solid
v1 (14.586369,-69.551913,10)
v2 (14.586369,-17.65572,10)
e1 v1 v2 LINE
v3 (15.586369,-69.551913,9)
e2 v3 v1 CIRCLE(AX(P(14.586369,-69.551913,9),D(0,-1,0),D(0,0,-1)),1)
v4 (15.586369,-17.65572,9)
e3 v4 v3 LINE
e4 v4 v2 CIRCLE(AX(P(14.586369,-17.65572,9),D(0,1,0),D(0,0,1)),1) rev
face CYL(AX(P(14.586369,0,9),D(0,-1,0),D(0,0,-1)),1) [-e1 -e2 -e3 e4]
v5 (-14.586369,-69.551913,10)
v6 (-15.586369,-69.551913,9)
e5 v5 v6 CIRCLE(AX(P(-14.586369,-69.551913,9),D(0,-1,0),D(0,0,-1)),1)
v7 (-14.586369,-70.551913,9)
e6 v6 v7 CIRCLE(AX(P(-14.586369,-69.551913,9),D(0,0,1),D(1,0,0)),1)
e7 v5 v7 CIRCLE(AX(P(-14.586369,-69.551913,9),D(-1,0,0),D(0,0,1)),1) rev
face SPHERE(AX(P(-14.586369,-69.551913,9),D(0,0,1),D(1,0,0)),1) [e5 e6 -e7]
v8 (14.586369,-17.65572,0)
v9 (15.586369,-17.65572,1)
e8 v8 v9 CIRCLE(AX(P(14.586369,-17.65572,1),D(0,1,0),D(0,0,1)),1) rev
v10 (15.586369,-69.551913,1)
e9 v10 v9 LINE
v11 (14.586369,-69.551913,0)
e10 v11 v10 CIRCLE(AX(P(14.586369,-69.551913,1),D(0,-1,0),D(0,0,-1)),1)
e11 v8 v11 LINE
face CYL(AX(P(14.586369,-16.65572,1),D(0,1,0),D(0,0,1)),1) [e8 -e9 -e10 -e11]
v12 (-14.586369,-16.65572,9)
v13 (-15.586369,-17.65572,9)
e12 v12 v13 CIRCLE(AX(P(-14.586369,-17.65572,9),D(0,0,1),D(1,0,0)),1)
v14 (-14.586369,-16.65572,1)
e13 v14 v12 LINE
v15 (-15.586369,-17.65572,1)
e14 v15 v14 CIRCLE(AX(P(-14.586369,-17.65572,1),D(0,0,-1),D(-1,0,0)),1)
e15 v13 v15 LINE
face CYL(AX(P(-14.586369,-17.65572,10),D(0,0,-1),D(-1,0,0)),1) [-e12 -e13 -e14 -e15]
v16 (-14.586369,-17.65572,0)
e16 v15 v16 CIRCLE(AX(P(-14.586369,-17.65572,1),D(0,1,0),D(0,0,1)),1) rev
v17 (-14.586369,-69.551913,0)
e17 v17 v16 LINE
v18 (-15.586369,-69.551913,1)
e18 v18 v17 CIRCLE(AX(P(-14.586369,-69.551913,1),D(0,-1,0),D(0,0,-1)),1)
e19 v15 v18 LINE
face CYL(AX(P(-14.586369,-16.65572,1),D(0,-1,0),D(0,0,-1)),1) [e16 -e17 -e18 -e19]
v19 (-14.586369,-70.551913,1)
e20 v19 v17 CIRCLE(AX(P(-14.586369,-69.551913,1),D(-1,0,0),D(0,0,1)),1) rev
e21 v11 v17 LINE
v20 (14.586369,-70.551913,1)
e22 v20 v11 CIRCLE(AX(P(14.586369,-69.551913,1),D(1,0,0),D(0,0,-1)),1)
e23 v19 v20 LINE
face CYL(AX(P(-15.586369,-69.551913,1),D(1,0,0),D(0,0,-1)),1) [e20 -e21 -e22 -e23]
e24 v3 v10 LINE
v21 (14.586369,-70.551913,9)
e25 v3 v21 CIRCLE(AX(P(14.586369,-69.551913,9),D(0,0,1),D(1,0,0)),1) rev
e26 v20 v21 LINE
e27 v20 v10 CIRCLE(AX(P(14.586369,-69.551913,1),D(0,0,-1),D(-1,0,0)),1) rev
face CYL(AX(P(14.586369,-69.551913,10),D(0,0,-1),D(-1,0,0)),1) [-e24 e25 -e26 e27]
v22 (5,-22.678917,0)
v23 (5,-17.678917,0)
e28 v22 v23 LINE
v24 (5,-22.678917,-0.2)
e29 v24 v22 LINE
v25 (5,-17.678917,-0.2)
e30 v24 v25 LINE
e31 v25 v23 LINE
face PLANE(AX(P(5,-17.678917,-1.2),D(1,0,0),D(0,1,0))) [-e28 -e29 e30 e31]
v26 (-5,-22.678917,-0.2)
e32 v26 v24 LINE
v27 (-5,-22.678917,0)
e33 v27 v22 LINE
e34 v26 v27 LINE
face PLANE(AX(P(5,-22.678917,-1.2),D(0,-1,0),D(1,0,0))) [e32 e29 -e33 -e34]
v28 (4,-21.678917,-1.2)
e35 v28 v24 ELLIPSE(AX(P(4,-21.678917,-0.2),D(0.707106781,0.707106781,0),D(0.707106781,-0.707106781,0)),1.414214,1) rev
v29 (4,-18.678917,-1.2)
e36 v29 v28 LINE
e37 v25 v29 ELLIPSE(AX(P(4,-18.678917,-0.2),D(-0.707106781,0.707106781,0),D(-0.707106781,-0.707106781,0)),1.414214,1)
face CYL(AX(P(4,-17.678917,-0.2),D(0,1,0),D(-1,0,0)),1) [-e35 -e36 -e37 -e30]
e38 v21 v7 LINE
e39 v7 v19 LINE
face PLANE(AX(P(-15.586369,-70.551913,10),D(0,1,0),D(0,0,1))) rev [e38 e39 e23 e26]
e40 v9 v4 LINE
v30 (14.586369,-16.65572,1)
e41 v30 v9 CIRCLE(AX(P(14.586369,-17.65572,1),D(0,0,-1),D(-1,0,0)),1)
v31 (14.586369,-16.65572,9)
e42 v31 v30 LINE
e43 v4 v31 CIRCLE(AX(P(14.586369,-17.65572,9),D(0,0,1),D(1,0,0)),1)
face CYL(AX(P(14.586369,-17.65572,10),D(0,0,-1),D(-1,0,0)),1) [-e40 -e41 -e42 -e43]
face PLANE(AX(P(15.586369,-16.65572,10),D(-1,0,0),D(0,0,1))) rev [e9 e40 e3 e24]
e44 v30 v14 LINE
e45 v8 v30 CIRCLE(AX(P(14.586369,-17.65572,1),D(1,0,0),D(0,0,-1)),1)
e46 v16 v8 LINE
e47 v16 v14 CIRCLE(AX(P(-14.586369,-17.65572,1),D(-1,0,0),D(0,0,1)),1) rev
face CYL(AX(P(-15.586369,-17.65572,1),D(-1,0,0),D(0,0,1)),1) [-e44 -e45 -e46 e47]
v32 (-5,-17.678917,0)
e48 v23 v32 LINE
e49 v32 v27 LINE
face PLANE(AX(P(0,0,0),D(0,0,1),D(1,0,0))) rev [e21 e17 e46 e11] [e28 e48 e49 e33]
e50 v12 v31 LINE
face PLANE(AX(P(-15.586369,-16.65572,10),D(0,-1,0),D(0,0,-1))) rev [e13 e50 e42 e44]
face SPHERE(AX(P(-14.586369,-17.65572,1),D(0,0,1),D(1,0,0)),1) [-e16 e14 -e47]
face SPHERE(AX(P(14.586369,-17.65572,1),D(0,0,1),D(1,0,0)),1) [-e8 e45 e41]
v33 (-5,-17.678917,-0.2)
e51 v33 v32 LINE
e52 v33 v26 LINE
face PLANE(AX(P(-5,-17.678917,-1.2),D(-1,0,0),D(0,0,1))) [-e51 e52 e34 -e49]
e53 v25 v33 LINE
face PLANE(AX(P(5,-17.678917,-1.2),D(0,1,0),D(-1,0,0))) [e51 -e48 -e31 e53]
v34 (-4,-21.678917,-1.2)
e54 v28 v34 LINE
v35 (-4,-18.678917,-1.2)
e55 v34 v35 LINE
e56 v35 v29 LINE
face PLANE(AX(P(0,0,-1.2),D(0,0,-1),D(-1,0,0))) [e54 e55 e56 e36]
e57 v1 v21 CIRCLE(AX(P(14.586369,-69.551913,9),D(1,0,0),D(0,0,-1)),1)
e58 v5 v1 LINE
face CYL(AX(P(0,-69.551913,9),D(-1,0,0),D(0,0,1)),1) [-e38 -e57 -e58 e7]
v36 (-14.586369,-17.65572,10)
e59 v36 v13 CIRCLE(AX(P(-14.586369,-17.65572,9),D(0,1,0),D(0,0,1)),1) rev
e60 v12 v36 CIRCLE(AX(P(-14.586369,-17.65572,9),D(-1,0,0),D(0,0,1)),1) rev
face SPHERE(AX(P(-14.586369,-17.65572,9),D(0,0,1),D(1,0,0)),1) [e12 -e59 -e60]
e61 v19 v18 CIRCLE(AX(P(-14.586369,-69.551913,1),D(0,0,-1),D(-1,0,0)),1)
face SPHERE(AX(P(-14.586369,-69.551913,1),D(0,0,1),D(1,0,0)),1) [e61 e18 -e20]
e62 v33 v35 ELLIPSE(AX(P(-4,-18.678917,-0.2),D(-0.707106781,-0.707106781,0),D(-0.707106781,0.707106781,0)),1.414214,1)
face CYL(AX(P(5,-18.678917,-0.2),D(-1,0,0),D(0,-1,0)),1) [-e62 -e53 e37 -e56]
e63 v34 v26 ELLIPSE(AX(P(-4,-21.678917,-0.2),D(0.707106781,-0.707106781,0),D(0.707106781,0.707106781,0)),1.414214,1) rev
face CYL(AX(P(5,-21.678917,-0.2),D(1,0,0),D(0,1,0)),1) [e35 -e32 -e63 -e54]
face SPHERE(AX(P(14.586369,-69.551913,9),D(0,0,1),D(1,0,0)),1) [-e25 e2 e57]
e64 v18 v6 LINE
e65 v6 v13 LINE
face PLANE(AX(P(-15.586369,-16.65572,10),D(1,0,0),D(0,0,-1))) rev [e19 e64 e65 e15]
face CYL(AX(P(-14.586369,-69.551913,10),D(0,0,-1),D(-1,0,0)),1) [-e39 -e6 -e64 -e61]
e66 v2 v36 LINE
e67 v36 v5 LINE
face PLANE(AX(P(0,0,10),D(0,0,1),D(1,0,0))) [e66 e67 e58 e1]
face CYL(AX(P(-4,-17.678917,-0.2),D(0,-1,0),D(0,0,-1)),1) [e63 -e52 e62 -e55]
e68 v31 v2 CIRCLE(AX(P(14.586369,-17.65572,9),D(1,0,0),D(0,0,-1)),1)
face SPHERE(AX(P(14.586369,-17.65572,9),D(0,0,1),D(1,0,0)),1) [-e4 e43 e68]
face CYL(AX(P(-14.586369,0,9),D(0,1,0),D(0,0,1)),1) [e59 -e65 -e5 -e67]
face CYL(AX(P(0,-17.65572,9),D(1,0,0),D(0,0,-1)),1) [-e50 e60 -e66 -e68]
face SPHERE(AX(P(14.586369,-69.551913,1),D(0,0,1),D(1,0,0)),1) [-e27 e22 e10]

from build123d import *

# Parameters (mm, degrees)
SKETCH_1_W      = 31.172738554
SKETCH_1_H      = 53.896192989
EXTRUDE_1_DEPTH = 10
SKETCH_2_W      = 10
SKETCH_2_H      = 5
EXTRUDE_3_DEPTH = 1.2
FILLET_1_R      = 1
FILLET_2_R      = 1


with BuildPart() as part:
    # 草圖1 → 填料-伸長1 (new body)
    with BuildSketch(Plane.XY):
        with Locations((0, -43.60381631)):
            Rectangle(SKETCH_1_W, SKETCH_1_H)
    extrude(amount=EXTRUDE_1_DEPTH)

    # 草圖2 → 填料-伸長3 (add)
    with BuildSketch(Plane.XY):
        with Locations((0, -20.178917106)):
            Rectangle(SKETCH_2_W, SKETCH_2_H)
    extrude(amount=-EXTRUDE_3_DEPTH)

    # 圓角1
    fillet_1_edges = [part.edges().sort_by_distance(p)[0] for p in [
        (-5, -20.178917106, -1.2),
        (0, -17.678917106, -1.2),
        (5, -20.178917106, -1.2),
        (0, -22.678917106, -1.2),
    ]]
    fillet(fillet_1_edges, radius=FILLET_1_R)

    # 圓角2
    fillet_2_edges = [part.edges().sort_by_distance(p)[0] for p in [
        (-15.586369277, -43.60381631, 10),
        (0, -70.551912804, 10),
        (15.586369277, -43.60381631, 10),
        (0, -70.551912804, 0),
        (-15.586369277, -43.60381631, 0),
        (0, -16.655719815, 0),
        (15.586369277, -43.60381631, 0),
        (15.586369277, -70.551912804, 5),
        (-15.586369277, -70.551912804, 5),
        (-15.586369277, -16.655719815, 5),
        (15.586369277, -16.655719815, 5),
        (0, -16.655719815, 10),
    ]]
    fillet(fillet_2_edges, radius=FILLET_2_R)


solid = part.part
